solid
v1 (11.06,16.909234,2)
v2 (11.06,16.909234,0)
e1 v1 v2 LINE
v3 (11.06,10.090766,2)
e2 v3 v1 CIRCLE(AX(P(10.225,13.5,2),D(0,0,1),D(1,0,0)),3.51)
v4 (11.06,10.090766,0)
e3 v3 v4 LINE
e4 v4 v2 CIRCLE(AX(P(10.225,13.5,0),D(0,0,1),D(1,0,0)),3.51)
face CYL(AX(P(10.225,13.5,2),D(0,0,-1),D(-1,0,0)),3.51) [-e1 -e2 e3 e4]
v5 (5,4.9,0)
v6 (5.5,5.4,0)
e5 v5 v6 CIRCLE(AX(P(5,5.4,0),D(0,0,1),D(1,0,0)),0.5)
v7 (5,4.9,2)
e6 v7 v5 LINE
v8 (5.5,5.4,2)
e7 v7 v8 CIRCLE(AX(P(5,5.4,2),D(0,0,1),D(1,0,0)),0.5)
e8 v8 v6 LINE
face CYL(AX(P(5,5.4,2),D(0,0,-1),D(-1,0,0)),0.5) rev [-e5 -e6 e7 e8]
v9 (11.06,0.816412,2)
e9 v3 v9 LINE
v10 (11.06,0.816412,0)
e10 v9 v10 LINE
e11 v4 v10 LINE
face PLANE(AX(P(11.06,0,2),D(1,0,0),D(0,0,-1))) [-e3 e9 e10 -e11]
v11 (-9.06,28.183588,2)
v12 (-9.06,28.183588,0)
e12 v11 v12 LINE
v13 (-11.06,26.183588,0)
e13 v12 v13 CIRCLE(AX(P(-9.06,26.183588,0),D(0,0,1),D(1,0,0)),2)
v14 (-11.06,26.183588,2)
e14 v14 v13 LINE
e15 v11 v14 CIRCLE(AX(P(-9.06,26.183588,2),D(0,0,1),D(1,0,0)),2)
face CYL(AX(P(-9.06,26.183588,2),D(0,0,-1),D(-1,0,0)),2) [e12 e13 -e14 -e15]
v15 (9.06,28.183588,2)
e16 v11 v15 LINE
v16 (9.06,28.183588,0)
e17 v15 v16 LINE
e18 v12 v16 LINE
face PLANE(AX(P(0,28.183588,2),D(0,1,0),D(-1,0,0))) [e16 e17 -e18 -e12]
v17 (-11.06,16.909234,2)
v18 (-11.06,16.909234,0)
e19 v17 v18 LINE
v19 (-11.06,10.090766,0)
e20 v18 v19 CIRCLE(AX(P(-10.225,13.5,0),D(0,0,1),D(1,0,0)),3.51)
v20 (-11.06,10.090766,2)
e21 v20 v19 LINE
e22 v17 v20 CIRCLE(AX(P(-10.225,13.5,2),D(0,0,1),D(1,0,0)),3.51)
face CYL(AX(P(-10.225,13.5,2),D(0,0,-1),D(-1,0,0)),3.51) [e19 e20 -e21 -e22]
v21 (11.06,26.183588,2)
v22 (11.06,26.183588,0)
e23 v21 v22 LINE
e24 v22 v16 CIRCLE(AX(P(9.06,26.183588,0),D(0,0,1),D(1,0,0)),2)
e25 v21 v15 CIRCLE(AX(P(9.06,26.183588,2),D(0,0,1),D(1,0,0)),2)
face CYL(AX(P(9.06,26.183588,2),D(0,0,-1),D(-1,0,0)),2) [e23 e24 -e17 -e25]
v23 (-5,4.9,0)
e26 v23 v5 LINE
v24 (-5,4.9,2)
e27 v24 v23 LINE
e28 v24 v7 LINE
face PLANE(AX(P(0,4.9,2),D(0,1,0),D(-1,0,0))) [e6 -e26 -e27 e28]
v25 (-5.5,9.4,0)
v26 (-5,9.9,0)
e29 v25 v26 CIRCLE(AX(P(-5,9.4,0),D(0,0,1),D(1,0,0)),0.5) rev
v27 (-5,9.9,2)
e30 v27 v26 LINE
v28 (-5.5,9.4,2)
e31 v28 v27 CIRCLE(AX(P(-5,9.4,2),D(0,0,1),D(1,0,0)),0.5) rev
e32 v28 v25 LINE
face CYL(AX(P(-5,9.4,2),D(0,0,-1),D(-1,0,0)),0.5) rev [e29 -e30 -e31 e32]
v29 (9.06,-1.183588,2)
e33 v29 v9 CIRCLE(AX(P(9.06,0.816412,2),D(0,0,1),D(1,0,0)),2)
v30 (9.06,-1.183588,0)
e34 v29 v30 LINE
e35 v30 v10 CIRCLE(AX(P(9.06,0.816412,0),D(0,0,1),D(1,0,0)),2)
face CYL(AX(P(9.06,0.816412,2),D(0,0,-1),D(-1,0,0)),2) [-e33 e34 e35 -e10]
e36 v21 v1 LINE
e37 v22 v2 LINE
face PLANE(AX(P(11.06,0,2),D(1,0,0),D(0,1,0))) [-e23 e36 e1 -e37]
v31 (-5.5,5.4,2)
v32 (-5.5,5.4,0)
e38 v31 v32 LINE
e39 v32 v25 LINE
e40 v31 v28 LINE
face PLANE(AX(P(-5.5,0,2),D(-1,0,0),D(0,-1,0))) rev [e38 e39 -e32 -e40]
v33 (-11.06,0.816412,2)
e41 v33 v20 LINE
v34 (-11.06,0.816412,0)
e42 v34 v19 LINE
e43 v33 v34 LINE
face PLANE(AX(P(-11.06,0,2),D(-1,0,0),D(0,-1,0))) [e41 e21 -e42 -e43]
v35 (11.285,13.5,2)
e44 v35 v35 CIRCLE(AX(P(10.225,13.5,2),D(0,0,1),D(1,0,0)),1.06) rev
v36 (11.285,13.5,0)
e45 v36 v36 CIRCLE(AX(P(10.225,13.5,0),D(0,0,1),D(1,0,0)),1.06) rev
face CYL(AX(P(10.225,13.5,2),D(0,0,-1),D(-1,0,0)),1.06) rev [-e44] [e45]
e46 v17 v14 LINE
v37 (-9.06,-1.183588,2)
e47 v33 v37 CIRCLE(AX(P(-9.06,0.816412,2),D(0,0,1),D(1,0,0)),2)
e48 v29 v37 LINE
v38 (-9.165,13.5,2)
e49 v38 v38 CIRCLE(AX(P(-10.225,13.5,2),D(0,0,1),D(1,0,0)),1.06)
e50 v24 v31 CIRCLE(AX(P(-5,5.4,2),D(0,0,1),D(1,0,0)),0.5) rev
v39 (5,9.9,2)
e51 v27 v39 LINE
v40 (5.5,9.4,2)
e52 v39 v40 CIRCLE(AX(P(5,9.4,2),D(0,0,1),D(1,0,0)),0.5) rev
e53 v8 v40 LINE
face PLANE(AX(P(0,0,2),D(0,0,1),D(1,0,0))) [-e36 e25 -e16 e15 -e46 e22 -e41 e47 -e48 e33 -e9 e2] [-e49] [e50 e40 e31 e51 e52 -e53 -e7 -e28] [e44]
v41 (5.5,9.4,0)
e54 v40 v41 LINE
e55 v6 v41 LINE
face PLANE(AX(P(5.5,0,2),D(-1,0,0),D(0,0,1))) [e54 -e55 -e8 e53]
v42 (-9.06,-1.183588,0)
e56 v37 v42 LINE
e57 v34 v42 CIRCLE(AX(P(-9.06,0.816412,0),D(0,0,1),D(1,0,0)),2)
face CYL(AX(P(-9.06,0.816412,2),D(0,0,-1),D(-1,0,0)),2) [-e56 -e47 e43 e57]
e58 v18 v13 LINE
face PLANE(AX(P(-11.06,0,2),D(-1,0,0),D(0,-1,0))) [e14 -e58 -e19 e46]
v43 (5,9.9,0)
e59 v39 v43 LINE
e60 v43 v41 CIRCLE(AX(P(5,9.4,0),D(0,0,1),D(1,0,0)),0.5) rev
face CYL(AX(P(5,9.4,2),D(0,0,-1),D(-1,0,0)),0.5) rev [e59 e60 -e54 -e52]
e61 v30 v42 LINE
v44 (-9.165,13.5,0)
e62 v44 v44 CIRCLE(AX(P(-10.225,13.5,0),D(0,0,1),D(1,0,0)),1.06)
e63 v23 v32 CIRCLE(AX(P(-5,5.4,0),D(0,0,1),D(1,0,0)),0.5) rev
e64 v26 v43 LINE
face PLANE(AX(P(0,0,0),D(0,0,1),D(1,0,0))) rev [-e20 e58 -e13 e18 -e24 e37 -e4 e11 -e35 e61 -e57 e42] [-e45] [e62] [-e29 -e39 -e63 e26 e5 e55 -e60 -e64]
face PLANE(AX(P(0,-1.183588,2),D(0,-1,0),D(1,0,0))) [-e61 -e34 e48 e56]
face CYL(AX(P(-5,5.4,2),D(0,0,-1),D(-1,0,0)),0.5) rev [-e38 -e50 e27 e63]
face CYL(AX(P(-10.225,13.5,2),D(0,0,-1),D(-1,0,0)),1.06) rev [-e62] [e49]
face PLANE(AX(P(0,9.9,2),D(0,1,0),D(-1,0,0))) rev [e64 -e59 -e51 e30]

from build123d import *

# Parameters (mm, degrees)
SKETCH1_R           = 1.06
BOSS_EXTRUDE1_DEPTH = 2


with BuildPart() as part:
    # Sketch1 → Boss-Extrude1 (new body)
    with BuildSketch(Plane.XY):
        with BuildLine():
            Line((9.06, 28.183587826), (-9.06, 28.183587826))
            ThreePointArc((-9.06, 28.183587826), (-10.474213562, 27.597801388), (-11.06, 26.183587826))
            Line((-11.06, 26.183587826), (-11.06, 16.909233785))
            ThreePointArc((-11.06, 16.909233785), (-13.735, 13.5), (-11.06, 10.090766215))
            Line((-11.06, 10.090766215), (-11.06, 0.816412174))
            ThreePointArc((-11.06, 0.816412174), (-10.474213562, -0.597801388), (-9.06, -1.183587826))
            Line((-9.06, -1.183587826), (9.06, -1.183587826))
            ThreePointArc((9.06, -1.183587826), (10.474213562, -0.597801388), (11.06, 0.816412174))
            Line((11.06, 0.816412174), (11.06, 10.090766215))
            ThreePointArc((11.06, 10.090766215), (13.735, 13.5), (11.06, 16.909233785))
            Line((11.06, 16.909233785), (11.06, 26.183587826))
            ThreePointArc((11.06, 26.183587826), (10.474213562, 27.597801388), (9.06, 28.183587826))
        make_face()
        with Locations((-10.225, 13.5)):
            Circle(SKETCH1_R, mode=Mode.SUBTRACT)
        with BuildLine():
            Line((5, 4.9), (-5, 4.9))
            ThreePointArc((-5, 4.9), (-5.353553391, 5.046446609), (-5.5, 5.4))
            Line((-5.5, 5.4), (-5.5, 9.4))
            ThreePointArc((-5.5, 9.4), (-5.353553391, 9.753553391), (-5, 9.9))
            Line((-5, 9.9), (5, 9.9))
            ThreePointArc((5, 9.9), (5.353553391, 9.753553391), (5.5, 9.4))
            Line((5.5, 9.4), (5.5, 5.4))
            ThreePointArc((5.5, 5.4), (5.353553391, 5.046446609), (5, 4.9))
        make_face(mode=Mode.SUBTRACT)
        with Locations((10.225, 13.5)):
            Circle(SKETCH1_R, mode=Mode.SUBTRACT)
    extrude(amount=BOSS_EXTRUDE1_DEPTH)


solid = part.part
